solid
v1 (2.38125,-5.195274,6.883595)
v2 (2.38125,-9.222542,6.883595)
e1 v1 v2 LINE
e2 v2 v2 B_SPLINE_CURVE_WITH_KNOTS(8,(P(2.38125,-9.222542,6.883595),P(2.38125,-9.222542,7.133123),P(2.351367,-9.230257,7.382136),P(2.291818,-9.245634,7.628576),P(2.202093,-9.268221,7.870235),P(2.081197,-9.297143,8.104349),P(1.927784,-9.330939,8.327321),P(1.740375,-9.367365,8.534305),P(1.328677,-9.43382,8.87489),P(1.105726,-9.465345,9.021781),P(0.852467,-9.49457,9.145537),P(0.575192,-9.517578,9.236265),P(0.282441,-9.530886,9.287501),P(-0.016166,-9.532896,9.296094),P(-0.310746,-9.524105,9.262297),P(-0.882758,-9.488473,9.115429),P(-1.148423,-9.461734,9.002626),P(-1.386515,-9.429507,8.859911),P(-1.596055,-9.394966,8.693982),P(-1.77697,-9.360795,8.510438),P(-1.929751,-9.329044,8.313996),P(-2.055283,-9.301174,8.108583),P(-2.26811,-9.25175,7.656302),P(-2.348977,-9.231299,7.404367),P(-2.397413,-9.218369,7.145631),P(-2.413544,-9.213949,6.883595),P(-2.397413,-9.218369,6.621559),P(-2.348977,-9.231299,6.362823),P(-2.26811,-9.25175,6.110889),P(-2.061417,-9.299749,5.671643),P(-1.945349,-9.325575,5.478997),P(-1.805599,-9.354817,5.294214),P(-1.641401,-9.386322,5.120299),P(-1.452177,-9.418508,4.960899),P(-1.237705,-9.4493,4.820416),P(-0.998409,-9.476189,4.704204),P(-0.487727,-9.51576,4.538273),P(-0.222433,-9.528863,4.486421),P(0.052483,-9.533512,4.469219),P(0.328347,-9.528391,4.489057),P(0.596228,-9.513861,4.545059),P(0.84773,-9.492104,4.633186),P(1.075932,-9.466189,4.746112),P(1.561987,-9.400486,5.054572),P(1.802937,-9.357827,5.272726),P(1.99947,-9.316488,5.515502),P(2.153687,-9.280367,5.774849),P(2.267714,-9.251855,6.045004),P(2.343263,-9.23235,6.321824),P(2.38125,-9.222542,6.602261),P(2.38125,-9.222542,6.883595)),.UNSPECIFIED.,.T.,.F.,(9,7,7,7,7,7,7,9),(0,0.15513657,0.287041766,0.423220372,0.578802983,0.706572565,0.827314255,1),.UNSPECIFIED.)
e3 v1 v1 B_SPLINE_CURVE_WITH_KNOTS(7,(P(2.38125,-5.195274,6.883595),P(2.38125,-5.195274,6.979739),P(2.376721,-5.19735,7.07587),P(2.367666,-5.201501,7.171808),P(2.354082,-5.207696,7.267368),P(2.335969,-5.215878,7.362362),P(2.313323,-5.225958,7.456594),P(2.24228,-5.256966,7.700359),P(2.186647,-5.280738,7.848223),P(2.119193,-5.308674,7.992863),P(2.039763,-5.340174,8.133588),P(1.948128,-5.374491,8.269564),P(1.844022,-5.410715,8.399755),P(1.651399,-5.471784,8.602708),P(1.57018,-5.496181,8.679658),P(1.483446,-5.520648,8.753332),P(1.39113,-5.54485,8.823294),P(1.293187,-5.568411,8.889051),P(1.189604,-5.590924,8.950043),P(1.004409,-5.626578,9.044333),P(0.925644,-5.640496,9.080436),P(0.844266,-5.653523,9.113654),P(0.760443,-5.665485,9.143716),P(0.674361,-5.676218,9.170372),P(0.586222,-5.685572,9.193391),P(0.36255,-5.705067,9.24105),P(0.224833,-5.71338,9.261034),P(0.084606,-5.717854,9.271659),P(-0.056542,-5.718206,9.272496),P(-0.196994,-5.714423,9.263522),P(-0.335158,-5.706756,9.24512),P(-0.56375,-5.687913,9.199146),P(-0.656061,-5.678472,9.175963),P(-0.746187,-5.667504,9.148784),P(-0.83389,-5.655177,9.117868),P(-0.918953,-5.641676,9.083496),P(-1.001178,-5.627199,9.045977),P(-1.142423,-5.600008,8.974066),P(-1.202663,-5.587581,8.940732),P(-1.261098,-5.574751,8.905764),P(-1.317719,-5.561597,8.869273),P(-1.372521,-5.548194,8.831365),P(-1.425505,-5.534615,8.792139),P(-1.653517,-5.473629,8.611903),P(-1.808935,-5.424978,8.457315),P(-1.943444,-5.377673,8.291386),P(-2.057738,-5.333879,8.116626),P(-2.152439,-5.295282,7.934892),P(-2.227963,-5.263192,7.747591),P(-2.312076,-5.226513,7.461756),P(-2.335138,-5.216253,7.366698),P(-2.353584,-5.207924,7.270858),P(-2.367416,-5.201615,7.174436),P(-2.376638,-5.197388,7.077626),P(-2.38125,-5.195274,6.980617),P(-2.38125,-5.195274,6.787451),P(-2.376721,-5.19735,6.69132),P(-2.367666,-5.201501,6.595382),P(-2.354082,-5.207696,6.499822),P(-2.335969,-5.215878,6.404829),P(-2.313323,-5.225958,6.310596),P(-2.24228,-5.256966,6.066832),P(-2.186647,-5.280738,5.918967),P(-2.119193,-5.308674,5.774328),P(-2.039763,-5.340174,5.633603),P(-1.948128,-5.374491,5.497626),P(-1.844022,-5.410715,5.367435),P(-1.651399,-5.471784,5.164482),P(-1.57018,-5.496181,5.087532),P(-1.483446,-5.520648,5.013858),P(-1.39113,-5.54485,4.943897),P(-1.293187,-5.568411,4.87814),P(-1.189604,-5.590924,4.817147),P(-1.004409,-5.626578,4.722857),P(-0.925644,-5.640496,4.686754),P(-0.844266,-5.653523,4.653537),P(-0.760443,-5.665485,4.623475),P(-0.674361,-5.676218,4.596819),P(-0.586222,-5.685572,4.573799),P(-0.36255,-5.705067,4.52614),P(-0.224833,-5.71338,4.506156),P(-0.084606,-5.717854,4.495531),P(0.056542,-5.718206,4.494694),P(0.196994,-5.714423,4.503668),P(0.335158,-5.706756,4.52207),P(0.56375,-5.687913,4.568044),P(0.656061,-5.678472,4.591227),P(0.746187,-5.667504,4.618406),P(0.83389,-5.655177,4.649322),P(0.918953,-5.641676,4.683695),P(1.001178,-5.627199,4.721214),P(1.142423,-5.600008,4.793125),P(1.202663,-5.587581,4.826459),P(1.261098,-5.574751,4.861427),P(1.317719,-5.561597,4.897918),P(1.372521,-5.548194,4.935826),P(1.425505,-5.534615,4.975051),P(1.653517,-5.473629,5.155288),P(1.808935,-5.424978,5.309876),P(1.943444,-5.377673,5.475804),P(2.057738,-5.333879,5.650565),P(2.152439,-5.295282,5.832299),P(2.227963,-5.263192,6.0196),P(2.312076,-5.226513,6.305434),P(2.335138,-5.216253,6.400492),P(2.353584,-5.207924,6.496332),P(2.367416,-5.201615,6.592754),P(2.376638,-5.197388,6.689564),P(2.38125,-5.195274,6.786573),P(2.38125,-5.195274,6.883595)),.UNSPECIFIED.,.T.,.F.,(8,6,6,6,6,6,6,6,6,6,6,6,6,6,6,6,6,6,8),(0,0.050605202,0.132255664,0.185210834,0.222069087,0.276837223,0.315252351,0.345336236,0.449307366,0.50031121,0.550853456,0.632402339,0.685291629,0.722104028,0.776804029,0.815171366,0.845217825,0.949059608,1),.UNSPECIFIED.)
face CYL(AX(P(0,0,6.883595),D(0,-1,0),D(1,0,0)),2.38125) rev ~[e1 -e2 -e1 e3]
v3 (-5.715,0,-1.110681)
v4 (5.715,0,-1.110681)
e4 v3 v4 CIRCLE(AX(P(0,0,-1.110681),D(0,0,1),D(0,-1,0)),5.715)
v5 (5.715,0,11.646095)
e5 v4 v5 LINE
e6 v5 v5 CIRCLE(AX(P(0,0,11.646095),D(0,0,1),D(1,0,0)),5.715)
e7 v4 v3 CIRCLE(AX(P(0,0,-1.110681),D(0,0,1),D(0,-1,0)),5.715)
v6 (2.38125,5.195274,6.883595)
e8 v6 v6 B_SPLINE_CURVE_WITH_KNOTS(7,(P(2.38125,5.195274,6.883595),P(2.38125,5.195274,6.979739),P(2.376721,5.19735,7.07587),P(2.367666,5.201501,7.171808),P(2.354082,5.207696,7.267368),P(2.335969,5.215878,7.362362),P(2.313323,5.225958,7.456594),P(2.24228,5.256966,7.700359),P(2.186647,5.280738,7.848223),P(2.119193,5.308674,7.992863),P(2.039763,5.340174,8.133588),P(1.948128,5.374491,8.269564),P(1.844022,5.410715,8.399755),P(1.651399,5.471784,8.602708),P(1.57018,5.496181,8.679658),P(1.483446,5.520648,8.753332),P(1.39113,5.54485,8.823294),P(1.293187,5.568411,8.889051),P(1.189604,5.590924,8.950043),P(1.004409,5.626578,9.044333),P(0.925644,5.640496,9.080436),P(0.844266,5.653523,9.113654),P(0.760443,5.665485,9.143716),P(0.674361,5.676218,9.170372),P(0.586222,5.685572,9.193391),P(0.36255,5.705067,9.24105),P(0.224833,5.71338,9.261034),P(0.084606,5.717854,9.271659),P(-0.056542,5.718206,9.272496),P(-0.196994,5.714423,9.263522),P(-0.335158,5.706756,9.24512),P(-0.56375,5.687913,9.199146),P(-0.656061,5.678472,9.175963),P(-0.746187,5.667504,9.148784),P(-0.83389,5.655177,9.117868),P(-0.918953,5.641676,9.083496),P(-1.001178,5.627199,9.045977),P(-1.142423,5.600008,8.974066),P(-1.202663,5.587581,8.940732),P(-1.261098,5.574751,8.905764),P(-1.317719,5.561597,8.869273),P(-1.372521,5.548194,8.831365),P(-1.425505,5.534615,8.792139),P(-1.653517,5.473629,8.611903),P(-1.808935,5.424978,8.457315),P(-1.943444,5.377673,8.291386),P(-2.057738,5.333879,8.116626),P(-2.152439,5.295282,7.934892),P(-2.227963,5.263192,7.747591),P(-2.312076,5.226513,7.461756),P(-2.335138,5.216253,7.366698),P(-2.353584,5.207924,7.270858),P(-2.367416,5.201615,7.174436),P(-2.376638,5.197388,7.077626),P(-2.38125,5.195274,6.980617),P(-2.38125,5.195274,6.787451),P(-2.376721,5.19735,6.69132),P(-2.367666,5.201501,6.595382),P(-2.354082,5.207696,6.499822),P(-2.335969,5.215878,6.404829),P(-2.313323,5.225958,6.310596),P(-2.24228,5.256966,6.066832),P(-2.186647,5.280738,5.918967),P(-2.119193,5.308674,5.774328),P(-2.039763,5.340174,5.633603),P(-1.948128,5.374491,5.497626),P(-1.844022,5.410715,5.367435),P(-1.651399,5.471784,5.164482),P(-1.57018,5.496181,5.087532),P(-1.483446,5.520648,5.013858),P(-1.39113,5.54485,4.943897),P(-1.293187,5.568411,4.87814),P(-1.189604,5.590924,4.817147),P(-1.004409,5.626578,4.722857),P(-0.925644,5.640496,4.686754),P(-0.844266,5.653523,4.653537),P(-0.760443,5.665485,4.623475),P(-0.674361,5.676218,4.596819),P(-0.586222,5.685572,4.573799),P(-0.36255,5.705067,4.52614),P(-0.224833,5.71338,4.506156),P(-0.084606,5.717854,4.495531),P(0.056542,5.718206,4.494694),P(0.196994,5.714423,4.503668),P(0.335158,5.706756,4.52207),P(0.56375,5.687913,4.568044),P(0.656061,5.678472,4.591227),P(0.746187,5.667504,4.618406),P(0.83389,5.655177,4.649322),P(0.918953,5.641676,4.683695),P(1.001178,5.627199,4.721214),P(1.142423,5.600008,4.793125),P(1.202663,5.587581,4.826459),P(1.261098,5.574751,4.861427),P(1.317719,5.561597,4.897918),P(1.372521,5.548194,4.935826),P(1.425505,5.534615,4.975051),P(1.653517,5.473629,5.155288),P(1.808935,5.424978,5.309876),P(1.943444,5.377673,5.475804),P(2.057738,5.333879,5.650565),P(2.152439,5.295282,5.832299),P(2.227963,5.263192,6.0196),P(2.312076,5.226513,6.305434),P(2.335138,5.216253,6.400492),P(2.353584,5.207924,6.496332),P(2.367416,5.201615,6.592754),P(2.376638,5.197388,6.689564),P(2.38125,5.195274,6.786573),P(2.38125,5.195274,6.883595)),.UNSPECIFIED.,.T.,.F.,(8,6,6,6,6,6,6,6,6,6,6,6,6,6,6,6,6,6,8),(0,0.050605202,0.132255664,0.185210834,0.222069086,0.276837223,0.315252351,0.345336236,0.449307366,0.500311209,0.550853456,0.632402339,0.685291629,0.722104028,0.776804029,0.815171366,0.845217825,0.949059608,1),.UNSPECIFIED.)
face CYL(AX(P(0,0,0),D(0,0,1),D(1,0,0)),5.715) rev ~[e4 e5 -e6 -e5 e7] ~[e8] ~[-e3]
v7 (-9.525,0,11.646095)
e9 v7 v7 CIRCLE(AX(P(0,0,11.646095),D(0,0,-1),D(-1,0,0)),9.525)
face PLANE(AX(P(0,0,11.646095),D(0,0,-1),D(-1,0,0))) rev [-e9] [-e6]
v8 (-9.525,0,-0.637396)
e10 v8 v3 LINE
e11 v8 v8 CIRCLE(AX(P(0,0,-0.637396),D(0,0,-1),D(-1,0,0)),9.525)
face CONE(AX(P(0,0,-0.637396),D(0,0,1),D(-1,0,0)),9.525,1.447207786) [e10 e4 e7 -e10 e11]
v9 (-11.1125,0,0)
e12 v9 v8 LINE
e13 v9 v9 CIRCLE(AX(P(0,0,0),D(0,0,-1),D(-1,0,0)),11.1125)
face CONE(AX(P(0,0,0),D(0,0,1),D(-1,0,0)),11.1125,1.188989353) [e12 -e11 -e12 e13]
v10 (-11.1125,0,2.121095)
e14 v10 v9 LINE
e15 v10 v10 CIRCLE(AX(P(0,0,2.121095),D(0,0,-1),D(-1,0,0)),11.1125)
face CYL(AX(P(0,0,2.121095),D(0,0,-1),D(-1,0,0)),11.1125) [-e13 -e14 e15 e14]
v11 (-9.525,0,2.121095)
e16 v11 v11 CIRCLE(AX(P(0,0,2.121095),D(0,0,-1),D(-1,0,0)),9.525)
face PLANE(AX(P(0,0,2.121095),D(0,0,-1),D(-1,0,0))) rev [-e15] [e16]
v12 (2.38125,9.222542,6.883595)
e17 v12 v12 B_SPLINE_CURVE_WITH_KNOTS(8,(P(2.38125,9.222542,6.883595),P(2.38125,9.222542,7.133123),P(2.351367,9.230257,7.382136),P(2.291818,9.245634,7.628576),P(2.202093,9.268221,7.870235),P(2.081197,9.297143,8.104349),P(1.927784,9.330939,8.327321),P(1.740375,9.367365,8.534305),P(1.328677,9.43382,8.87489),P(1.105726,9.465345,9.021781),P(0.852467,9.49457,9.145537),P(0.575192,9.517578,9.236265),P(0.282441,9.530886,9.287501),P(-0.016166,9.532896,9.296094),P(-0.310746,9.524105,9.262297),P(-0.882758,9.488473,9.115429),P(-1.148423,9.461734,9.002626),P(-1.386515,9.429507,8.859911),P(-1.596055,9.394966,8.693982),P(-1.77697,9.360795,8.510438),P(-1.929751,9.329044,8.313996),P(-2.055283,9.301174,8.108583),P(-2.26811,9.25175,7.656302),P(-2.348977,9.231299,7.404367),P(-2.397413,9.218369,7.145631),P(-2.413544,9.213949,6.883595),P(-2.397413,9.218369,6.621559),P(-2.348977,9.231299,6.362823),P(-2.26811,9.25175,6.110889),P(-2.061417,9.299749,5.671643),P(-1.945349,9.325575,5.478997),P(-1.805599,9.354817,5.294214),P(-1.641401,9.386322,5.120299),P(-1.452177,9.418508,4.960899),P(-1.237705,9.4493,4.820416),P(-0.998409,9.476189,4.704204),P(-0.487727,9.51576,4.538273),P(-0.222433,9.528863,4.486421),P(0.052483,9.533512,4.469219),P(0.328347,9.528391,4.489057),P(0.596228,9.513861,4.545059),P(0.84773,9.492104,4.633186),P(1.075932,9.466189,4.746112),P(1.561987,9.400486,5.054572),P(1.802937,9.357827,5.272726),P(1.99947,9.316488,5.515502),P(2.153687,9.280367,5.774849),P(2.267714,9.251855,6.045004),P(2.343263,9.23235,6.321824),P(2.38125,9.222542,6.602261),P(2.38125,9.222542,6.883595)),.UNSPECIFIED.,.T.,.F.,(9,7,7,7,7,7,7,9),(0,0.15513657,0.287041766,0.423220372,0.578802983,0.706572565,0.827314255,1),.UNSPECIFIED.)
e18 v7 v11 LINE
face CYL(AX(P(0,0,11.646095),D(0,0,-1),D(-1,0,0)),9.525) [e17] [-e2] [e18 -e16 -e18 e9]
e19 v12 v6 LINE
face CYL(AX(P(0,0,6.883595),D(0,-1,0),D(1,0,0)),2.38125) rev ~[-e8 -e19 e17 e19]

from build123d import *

# Parameters (mm, degrees)
F2_R     = 2.38125
F3_DEPTH = 12.7
F4_R     = 5.715
F5_DEPTH = 12.7


with BuildPart() as f1:
    # F0 (on Front) → F1 (revolve)
    with BuildSketch(Plane.XZ):
        Polygon((0, -1.2290018785), (0, 11.6460951906), (-9.525, 11.6460951906), (-9.525, 2.1210951906), (-11.1125, 2.1210951906), (-11.1125, 0), (-9.525, -0.637396297), (-4.7625, -1.2290018785), align=None)
    revolve(axis=Axis((0, 0, 5.2085466561), (0, 0, -1)))

    # F2 (on Front) → F3 (cut, symmetric)
    with BuildSketch(Plane.XZ):
        with Locations((0, 6.8835951906)):
            Circle(F2_R)
    extrude(amount=F3_DEPTH, both=True, mode=Mode.SUBTRACT)

    # F4 (on Top) → F5 (cut, symmetric)
    with BuildSketch(Plane.XY):
        Circle(F4_R)
    extrude(amount=F5_DEPTH, both=True, mode=Mode.SUBTRACT)


solid = f1.part
